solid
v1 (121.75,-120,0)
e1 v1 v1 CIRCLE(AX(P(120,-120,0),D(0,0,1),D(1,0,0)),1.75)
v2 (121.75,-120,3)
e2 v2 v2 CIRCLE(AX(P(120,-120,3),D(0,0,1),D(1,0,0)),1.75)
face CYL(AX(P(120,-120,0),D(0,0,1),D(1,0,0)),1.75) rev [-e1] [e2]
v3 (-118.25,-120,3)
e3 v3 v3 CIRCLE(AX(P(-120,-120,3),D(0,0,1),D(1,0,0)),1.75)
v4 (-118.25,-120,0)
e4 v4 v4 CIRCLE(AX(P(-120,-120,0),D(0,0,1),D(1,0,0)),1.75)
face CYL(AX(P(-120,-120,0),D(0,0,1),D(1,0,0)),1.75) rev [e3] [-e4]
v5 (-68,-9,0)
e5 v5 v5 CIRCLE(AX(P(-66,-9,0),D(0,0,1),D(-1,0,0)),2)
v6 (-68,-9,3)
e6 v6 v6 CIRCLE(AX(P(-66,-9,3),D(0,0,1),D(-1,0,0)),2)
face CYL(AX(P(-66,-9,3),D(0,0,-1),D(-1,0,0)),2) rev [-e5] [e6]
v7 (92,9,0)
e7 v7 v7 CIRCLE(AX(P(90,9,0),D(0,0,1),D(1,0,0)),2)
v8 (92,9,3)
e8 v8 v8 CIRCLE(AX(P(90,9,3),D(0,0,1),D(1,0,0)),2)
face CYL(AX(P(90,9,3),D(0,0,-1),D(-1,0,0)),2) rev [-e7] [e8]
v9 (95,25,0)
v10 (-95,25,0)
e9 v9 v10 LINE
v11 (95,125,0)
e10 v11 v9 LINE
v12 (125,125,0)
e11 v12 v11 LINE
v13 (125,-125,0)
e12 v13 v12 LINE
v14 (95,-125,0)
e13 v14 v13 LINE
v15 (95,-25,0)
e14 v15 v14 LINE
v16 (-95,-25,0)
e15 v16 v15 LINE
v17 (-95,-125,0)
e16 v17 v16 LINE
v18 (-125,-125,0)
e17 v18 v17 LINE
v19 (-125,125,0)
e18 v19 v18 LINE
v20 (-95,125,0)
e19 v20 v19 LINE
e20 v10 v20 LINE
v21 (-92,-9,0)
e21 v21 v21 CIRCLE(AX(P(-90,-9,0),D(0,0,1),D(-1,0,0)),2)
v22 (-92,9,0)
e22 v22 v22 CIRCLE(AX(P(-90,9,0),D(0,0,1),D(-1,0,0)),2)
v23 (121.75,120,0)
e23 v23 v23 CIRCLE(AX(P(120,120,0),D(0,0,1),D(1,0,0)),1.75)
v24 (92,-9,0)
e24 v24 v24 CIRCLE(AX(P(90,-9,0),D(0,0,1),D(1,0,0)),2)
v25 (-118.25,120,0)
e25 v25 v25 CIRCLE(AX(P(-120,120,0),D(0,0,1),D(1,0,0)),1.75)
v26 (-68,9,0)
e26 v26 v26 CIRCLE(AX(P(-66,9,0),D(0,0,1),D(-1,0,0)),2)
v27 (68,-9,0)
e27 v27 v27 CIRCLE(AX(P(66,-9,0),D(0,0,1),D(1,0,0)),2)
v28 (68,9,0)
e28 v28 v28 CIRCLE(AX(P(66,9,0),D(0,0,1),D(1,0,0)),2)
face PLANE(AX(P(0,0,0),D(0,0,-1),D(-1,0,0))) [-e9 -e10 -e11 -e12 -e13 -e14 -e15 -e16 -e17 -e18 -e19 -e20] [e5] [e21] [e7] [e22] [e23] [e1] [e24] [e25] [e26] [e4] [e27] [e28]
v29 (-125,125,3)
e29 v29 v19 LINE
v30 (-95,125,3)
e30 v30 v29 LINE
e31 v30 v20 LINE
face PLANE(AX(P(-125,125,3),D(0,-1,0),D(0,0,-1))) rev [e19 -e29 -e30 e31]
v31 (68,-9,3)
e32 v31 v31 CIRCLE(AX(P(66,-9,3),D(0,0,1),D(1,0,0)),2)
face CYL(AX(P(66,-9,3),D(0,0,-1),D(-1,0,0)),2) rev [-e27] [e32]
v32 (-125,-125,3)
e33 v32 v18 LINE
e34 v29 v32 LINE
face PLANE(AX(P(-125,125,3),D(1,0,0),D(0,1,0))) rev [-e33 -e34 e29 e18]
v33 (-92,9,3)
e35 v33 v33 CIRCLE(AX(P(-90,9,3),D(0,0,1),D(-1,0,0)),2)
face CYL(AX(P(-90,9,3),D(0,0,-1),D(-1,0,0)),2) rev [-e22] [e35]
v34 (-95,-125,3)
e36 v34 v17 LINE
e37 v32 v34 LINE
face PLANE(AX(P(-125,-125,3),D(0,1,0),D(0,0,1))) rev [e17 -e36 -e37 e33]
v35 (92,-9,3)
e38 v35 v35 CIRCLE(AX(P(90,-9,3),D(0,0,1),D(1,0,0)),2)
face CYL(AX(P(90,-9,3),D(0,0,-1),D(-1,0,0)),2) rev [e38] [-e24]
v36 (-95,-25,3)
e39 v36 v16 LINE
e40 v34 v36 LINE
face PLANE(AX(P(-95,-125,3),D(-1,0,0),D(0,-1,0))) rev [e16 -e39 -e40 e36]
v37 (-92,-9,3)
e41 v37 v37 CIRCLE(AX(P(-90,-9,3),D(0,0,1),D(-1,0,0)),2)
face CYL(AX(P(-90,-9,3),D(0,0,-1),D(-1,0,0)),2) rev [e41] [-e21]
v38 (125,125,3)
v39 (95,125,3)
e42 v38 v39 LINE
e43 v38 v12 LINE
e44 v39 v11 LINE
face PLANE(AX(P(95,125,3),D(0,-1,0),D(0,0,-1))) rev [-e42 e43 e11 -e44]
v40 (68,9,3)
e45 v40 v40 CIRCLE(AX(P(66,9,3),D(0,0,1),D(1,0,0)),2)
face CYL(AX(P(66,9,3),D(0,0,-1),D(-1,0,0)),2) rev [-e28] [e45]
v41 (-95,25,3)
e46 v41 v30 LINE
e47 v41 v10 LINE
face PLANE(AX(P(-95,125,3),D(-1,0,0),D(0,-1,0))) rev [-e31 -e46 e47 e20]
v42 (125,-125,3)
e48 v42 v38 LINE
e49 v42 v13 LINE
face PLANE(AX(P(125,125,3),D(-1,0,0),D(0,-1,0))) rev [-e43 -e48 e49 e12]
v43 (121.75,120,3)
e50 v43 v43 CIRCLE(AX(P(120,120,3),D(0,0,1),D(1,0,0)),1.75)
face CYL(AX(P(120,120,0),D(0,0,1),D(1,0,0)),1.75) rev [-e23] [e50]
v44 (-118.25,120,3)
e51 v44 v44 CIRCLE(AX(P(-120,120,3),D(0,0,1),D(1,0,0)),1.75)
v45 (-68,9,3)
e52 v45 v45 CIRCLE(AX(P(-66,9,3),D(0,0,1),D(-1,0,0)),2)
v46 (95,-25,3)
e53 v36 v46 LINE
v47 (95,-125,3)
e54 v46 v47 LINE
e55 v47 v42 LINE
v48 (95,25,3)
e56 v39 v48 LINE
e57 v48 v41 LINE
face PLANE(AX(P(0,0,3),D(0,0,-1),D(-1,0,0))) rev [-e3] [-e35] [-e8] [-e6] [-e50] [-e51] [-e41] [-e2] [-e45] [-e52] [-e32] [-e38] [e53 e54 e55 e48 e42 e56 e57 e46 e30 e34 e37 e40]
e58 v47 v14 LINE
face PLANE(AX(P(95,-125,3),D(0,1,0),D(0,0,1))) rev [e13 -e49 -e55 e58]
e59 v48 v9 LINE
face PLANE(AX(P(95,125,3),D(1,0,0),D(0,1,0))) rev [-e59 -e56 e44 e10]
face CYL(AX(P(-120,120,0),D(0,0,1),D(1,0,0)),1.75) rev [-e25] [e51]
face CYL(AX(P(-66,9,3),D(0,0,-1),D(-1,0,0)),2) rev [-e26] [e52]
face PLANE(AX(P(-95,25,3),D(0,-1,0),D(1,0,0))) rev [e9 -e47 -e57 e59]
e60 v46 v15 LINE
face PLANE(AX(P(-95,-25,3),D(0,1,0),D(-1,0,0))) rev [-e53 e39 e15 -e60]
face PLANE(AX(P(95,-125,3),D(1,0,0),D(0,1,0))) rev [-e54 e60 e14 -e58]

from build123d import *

# Parameters (mm, degrees)
SKETCH1_R           = 2
BOSS_EXTRUDE1_DEPTH = 3
SKETCH3_R           = 1.75
CUT_EXTRUDE1_DEPTH  = 3


with BuildPart() as part:
    # Sketch1 → Boss-Extrude1 (new body)
    with BuildSketch(Plane.XY):
        Polygon((95, 125), (125, 125), (125, -125), (95, -125), (95, -25), (-95, -25), (-95, -125), (-125, -125), (-125, 125), (-95, 125), (-95, 25), (95, 25), align=None)
        with Locations((90, 9)):
            Circle(SKETCH1_R, mode=Mode.SUBTRACT)
        with Locations((90, -9)):
            Circle(SKETCH1_R, mode=Mode.SUBTRACT)
        with Locations((66, 9)):
            Circle(SKETCH1_R, mode=Mode.SUBTRACT)
        with Locations((66, -9)):
            Circle(SKETCH1_R, mode=Mode.SUBTRACT)
        with Locations((-66, -9)):
            Circle(SKETCH1_R, mode=Mode.SUBTRACT)
        with Locations((-66, 9)):
            Circle(SKETCH1_R, mode=Mode.SUBTRACT)
        with Locations((-90, -9)):
            Circle(SKETCH1_R, mode=Mode.SUBTRACT)
        with Locations((-90, 9)):
            Circle(SKETCH1_R, mode=Mode.SUBTRACT)
    extrude(amount=BOSS_EXTRUDE1_DEPTH)

    # Sketch3 → Cut-Extrude1 (cut)
    with BuildSketch(Plane.XY.offset(3)):
        with Locations((-120, 120)):
            Circle(SKETCH3_R)
        with Locations((120, 120)):
            Circle(SKETCH3_R)
        with Locations((-120, -120)):
            Circle(SKETCH3_R)
        with Locations((120, -120)):
            Circle(SKETCH3_R)
    extrude(amount=-CUT_EXTRUDE1_DEPTH, mode=Mode.SUBTRACT)


solid = part.part
